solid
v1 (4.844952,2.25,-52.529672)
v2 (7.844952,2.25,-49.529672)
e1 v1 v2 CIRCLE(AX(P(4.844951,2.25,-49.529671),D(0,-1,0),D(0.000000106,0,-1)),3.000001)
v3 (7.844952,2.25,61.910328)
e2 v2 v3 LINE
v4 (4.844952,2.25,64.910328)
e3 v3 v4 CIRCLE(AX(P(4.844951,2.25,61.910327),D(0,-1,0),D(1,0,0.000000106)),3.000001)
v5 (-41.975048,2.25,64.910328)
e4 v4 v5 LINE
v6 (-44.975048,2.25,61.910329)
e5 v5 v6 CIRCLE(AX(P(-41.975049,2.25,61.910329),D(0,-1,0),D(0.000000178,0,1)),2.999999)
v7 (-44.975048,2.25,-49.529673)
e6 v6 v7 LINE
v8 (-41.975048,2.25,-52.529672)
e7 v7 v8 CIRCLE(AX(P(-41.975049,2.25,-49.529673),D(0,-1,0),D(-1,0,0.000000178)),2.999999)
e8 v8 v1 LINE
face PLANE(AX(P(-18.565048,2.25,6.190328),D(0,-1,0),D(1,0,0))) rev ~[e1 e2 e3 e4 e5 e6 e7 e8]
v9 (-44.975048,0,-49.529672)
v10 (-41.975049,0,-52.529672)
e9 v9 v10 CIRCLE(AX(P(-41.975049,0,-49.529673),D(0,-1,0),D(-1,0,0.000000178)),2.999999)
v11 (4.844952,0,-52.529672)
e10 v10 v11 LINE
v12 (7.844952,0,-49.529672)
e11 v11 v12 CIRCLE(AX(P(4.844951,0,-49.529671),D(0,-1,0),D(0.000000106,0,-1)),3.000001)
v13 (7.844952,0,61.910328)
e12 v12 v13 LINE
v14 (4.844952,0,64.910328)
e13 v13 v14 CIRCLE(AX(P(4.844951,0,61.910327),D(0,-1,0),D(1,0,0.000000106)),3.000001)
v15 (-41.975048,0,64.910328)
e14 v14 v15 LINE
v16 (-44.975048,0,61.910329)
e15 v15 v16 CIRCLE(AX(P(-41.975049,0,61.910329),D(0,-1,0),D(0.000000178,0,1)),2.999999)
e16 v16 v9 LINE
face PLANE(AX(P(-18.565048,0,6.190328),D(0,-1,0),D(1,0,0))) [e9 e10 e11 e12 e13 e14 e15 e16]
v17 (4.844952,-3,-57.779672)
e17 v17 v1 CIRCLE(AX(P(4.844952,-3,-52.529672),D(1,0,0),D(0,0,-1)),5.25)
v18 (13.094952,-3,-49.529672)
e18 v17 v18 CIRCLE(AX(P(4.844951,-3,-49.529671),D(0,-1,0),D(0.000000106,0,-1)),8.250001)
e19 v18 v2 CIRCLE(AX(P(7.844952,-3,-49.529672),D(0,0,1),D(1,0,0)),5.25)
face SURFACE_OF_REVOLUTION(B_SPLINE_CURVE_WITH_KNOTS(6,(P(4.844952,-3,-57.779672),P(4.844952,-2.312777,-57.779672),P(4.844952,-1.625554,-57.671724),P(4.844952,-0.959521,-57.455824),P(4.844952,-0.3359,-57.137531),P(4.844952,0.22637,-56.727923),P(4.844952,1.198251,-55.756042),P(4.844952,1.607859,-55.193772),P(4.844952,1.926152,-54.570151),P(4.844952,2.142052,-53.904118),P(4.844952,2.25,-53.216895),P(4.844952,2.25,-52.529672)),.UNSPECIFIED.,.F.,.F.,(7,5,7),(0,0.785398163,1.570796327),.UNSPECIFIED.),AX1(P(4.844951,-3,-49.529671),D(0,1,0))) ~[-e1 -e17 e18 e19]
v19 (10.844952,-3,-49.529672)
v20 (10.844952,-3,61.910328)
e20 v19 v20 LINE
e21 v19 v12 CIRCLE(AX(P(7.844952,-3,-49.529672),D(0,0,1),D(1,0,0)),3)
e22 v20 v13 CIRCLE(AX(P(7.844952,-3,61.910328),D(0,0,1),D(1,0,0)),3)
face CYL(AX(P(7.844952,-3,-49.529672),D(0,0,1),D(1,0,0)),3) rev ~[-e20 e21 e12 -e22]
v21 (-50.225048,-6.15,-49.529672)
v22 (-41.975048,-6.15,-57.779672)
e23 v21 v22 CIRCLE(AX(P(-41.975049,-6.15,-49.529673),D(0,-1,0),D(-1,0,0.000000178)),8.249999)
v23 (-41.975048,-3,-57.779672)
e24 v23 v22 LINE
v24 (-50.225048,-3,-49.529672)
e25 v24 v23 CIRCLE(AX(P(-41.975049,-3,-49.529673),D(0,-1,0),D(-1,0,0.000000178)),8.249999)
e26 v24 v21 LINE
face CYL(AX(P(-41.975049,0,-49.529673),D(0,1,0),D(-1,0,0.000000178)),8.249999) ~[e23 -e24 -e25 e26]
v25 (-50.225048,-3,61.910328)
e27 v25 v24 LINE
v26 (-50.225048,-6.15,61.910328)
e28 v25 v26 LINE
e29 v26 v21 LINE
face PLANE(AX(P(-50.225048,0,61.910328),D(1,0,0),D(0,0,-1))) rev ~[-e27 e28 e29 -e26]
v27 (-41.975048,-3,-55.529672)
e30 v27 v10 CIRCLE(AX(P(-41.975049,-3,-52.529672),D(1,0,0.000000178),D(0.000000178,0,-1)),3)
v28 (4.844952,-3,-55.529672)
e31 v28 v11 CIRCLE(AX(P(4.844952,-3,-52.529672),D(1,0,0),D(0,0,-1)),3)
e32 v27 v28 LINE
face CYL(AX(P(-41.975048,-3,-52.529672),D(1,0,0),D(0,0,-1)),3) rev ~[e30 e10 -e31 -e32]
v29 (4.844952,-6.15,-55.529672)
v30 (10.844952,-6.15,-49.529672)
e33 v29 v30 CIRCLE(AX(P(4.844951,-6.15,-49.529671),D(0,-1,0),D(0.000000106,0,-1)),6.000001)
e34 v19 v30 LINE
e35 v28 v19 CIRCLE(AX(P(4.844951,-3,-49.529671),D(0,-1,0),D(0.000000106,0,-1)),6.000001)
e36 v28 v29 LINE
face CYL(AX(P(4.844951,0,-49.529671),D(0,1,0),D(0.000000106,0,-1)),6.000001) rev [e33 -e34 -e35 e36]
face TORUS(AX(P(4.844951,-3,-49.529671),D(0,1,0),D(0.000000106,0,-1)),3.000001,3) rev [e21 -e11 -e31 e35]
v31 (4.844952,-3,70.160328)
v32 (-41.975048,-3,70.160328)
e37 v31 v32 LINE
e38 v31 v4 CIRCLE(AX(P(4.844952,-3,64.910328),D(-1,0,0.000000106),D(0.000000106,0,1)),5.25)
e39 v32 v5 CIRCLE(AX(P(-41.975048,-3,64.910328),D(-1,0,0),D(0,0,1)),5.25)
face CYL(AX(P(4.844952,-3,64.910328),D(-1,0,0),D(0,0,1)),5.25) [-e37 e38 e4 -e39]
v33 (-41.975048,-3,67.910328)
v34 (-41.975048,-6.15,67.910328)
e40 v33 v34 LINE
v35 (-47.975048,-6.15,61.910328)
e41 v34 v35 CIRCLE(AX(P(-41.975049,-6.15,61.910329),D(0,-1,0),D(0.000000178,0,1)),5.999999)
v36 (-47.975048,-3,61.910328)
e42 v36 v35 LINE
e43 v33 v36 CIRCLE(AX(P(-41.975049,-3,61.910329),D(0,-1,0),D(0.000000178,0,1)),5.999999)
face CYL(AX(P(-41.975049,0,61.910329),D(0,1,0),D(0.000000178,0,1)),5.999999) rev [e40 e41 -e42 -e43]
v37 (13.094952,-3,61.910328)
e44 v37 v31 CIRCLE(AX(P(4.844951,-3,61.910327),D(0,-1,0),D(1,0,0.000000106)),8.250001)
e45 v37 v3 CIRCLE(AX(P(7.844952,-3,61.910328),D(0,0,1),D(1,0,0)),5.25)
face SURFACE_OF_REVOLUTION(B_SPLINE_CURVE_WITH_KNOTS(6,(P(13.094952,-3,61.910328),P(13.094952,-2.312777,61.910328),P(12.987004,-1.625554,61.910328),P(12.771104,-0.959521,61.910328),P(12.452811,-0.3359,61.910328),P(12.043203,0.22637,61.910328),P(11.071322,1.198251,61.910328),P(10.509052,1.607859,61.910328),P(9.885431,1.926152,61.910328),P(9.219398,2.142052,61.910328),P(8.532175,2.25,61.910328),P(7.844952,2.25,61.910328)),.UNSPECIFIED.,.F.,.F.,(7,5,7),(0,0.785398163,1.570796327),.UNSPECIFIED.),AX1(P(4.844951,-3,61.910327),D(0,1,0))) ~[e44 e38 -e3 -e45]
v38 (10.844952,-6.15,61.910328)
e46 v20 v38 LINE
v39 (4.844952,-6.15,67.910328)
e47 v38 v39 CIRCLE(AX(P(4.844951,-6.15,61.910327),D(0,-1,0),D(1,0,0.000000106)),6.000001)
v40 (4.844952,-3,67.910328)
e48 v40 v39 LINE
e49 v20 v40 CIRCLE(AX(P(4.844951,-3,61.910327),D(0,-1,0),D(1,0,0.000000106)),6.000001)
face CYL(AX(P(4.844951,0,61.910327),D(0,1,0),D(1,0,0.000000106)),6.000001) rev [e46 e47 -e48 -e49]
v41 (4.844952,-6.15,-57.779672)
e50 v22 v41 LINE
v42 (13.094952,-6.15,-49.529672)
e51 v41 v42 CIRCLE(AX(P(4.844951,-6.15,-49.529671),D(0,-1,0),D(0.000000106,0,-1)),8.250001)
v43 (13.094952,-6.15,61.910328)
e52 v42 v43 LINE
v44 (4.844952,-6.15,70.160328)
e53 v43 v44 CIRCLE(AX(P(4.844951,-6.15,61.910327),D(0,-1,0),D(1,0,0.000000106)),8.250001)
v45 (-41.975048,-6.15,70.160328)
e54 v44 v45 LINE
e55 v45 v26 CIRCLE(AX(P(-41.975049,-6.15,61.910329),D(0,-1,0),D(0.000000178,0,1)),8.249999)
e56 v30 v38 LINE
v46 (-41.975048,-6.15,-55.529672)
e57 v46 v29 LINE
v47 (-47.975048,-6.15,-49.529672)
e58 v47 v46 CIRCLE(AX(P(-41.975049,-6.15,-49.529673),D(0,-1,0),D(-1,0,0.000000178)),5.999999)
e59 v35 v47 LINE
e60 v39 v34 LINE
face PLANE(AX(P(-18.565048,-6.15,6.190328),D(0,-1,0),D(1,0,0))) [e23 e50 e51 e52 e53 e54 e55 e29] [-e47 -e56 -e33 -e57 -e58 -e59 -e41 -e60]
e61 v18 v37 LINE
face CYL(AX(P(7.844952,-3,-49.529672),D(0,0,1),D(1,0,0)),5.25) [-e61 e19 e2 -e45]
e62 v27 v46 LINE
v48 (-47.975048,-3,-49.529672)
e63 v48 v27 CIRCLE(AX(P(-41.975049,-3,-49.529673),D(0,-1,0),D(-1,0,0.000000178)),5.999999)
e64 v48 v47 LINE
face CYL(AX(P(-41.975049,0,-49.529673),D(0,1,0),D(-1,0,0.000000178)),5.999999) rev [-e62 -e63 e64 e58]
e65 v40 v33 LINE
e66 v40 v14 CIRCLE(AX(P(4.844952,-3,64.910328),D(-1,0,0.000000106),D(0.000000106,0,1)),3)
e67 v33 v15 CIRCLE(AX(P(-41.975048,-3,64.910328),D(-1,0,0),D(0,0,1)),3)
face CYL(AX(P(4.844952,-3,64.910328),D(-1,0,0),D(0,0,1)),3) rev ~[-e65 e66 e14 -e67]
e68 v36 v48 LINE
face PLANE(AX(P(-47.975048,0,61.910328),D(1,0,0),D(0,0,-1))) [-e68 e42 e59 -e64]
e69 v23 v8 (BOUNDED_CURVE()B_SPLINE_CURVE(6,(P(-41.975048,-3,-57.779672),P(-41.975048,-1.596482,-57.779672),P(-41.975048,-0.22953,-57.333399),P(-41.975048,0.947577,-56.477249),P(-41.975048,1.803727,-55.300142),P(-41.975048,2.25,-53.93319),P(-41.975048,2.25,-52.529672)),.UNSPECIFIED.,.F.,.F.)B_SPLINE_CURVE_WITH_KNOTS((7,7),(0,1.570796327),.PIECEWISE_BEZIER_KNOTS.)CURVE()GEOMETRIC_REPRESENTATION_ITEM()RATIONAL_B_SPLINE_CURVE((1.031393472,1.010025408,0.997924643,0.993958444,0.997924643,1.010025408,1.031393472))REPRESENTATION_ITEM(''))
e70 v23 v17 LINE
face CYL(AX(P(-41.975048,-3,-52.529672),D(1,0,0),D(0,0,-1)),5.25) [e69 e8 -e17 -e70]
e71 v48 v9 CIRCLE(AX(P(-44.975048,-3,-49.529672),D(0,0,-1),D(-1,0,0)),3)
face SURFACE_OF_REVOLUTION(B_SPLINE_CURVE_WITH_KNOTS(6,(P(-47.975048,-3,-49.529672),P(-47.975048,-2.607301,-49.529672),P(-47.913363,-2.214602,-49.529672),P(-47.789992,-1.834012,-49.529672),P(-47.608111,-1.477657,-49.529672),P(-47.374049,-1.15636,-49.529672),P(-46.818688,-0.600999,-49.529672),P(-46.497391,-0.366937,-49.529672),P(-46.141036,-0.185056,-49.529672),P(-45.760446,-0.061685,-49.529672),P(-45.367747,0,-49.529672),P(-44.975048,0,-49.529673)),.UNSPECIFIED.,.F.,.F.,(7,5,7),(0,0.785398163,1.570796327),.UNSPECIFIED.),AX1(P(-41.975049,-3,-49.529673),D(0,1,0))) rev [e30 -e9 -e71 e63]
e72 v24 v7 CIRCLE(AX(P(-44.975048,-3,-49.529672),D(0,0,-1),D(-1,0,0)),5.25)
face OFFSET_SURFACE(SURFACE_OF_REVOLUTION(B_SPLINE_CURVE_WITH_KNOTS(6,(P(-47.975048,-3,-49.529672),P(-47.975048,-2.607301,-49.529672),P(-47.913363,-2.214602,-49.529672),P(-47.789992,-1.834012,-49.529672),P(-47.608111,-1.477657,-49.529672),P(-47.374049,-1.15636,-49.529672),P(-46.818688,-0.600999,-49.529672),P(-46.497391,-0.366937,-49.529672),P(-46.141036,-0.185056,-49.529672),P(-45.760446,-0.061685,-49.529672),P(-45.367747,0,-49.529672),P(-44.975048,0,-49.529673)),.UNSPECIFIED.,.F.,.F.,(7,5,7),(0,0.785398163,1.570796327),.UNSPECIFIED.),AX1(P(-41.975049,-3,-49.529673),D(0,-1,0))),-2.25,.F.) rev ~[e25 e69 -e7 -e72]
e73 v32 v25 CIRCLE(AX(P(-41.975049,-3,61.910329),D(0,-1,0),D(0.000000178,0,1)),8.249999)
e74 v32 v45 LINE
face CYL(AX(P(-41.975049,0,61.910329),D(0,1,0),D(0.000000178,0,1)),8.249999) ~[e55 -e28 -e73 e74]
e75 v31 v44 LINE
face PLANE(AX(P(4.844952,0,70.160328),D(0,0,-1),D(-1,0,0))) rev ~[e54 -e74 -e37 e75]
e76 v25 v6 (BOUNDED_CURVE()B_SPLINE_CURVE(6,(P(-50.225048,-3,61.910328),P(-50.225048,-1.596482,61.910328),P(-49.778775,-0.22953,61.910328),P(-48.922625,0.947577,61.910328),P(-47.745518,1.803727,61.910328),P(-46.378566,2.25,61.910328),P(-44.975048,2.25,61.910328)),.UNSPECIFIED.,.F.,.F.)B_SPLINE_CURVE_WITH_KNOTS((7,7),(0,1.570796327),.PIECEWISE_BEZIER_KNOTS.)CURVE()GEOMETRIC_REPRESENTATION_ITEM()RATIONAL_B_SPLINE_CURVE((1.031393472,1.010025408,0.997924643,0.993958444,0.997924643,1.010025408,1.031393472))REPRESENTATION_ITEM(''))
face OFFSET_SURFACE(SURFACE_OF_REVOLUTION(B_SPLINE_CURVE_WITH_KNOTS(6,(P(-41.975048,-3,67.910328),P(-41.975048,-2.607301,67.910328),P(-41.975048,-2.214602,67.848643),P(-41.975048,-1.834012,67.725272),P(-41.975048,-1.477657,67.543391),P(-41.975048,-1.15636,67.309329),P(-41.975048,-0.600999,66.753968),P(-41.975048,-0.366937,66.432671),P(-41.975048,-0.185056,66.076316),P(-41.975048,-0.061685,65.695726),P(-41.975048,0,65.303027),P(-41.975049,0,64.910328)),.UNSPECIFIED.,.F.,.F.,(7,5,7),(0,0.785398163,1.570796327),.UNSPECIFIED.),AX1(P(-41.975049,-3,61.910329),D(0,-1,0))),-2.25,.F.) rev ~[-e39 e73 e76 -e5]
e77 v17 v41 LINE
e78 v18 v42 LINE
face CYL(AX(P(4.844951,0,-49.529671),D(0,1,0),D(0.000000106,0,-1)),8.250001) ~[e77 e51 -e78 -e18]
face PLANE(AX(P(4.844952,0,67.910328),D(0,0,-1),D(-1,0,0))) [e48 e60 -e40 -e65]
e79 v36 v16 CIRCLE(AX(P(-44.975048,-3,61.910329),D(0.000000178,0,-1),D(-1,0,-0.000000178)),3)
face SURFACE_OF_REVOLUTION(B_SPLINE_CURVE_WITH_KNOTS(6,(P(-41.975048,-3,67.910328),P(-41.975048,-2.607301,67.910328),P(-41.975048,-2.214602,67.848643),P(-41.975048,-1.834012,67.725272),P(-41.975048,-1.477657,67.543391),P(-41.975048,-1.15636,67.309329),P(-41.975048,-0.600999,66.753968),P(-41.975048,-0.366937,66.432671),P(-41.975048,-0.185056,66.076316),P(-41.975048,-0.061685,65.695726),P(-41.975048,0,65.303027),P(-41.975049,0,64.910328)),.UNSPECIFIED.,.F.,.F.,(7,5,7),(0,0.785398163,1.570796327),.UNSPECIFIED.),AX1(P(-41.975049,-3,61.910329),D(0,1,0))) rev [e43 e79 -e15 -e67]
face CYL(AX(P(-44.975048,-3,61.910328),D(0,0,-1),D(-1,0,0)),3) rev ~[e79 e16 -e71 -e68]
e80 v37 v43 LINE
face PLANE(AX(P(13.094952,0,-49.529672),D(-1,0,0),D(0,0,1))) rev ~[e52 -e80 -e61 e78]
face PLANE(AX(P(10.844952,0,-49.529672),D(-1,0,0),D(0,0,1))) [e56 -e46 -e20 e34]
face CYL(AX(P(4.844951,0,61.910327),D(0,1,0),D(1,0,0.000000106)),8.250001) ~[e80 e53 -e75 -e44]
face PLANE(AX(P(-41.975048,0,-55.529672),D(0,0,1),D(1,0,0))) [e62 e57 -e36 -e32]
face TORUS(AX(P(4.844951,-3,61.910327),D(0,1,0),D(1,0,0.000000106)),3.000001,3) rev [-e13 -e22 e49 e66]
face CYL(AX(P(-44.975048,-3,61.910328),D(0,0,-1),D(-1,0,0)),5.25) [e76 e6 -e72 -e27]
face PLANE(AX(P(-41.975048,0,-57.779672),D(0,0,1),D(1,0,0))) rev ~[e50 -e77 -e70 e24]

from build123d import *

# Parameters (mm, degrees)
F1_DEPTH = 6.15
F2_R     = 3
F3_T     = 2.25


with BuildPart() as f1:
    # F0 (on Front) → F1 (new body)
    with BuildSketch(Plane.XZ):
        with BuildLine():
            ThreePointArc((-41.975048, 67.910328), (-46.217689, 66.152969), (-47.975048, 61.910328))
            Line((-47.975048, 61.910328), (-47.975048, -49.529672))
            ThreePointArc((-47.975048, -49.529672), (-46.217689, -53.772313), (-41.975048, -55.529672))
            Line((-41.975048, -55.529672), (4.844952, -55.529672))
            ThreePointArc((4.844952, -55.529672), (9.087592, -53.772313), (10.844952, -49.529672))
            Line((10.844952, -49.529672), (10.844952, 61.910328))
            ThreePointArc((10.844952, 61.910328), (9.087592, 66.152969), (4.844952, 67.910328))
            Line((4.844952, 67.910328), (-41.975048, 67.910328))
        make_face()
    extrude(amount=F1_DEPTH)

    # F2
    f2_edges = [f1.edges().sort_by_distance(p)[0] for p in [
        (10.844952, 0, 6.190328),
    ]]
    fillet(f2_edges, radius=F2_R)

    # F3
    f3_openings = [f1.faces().sort_by_distance(p)[0] for p in [
        (-18.565048, -6.15, 6.190328),
    ]]
    offset(amount=F3_T, openings=f3_openings)


solid = f1.part
